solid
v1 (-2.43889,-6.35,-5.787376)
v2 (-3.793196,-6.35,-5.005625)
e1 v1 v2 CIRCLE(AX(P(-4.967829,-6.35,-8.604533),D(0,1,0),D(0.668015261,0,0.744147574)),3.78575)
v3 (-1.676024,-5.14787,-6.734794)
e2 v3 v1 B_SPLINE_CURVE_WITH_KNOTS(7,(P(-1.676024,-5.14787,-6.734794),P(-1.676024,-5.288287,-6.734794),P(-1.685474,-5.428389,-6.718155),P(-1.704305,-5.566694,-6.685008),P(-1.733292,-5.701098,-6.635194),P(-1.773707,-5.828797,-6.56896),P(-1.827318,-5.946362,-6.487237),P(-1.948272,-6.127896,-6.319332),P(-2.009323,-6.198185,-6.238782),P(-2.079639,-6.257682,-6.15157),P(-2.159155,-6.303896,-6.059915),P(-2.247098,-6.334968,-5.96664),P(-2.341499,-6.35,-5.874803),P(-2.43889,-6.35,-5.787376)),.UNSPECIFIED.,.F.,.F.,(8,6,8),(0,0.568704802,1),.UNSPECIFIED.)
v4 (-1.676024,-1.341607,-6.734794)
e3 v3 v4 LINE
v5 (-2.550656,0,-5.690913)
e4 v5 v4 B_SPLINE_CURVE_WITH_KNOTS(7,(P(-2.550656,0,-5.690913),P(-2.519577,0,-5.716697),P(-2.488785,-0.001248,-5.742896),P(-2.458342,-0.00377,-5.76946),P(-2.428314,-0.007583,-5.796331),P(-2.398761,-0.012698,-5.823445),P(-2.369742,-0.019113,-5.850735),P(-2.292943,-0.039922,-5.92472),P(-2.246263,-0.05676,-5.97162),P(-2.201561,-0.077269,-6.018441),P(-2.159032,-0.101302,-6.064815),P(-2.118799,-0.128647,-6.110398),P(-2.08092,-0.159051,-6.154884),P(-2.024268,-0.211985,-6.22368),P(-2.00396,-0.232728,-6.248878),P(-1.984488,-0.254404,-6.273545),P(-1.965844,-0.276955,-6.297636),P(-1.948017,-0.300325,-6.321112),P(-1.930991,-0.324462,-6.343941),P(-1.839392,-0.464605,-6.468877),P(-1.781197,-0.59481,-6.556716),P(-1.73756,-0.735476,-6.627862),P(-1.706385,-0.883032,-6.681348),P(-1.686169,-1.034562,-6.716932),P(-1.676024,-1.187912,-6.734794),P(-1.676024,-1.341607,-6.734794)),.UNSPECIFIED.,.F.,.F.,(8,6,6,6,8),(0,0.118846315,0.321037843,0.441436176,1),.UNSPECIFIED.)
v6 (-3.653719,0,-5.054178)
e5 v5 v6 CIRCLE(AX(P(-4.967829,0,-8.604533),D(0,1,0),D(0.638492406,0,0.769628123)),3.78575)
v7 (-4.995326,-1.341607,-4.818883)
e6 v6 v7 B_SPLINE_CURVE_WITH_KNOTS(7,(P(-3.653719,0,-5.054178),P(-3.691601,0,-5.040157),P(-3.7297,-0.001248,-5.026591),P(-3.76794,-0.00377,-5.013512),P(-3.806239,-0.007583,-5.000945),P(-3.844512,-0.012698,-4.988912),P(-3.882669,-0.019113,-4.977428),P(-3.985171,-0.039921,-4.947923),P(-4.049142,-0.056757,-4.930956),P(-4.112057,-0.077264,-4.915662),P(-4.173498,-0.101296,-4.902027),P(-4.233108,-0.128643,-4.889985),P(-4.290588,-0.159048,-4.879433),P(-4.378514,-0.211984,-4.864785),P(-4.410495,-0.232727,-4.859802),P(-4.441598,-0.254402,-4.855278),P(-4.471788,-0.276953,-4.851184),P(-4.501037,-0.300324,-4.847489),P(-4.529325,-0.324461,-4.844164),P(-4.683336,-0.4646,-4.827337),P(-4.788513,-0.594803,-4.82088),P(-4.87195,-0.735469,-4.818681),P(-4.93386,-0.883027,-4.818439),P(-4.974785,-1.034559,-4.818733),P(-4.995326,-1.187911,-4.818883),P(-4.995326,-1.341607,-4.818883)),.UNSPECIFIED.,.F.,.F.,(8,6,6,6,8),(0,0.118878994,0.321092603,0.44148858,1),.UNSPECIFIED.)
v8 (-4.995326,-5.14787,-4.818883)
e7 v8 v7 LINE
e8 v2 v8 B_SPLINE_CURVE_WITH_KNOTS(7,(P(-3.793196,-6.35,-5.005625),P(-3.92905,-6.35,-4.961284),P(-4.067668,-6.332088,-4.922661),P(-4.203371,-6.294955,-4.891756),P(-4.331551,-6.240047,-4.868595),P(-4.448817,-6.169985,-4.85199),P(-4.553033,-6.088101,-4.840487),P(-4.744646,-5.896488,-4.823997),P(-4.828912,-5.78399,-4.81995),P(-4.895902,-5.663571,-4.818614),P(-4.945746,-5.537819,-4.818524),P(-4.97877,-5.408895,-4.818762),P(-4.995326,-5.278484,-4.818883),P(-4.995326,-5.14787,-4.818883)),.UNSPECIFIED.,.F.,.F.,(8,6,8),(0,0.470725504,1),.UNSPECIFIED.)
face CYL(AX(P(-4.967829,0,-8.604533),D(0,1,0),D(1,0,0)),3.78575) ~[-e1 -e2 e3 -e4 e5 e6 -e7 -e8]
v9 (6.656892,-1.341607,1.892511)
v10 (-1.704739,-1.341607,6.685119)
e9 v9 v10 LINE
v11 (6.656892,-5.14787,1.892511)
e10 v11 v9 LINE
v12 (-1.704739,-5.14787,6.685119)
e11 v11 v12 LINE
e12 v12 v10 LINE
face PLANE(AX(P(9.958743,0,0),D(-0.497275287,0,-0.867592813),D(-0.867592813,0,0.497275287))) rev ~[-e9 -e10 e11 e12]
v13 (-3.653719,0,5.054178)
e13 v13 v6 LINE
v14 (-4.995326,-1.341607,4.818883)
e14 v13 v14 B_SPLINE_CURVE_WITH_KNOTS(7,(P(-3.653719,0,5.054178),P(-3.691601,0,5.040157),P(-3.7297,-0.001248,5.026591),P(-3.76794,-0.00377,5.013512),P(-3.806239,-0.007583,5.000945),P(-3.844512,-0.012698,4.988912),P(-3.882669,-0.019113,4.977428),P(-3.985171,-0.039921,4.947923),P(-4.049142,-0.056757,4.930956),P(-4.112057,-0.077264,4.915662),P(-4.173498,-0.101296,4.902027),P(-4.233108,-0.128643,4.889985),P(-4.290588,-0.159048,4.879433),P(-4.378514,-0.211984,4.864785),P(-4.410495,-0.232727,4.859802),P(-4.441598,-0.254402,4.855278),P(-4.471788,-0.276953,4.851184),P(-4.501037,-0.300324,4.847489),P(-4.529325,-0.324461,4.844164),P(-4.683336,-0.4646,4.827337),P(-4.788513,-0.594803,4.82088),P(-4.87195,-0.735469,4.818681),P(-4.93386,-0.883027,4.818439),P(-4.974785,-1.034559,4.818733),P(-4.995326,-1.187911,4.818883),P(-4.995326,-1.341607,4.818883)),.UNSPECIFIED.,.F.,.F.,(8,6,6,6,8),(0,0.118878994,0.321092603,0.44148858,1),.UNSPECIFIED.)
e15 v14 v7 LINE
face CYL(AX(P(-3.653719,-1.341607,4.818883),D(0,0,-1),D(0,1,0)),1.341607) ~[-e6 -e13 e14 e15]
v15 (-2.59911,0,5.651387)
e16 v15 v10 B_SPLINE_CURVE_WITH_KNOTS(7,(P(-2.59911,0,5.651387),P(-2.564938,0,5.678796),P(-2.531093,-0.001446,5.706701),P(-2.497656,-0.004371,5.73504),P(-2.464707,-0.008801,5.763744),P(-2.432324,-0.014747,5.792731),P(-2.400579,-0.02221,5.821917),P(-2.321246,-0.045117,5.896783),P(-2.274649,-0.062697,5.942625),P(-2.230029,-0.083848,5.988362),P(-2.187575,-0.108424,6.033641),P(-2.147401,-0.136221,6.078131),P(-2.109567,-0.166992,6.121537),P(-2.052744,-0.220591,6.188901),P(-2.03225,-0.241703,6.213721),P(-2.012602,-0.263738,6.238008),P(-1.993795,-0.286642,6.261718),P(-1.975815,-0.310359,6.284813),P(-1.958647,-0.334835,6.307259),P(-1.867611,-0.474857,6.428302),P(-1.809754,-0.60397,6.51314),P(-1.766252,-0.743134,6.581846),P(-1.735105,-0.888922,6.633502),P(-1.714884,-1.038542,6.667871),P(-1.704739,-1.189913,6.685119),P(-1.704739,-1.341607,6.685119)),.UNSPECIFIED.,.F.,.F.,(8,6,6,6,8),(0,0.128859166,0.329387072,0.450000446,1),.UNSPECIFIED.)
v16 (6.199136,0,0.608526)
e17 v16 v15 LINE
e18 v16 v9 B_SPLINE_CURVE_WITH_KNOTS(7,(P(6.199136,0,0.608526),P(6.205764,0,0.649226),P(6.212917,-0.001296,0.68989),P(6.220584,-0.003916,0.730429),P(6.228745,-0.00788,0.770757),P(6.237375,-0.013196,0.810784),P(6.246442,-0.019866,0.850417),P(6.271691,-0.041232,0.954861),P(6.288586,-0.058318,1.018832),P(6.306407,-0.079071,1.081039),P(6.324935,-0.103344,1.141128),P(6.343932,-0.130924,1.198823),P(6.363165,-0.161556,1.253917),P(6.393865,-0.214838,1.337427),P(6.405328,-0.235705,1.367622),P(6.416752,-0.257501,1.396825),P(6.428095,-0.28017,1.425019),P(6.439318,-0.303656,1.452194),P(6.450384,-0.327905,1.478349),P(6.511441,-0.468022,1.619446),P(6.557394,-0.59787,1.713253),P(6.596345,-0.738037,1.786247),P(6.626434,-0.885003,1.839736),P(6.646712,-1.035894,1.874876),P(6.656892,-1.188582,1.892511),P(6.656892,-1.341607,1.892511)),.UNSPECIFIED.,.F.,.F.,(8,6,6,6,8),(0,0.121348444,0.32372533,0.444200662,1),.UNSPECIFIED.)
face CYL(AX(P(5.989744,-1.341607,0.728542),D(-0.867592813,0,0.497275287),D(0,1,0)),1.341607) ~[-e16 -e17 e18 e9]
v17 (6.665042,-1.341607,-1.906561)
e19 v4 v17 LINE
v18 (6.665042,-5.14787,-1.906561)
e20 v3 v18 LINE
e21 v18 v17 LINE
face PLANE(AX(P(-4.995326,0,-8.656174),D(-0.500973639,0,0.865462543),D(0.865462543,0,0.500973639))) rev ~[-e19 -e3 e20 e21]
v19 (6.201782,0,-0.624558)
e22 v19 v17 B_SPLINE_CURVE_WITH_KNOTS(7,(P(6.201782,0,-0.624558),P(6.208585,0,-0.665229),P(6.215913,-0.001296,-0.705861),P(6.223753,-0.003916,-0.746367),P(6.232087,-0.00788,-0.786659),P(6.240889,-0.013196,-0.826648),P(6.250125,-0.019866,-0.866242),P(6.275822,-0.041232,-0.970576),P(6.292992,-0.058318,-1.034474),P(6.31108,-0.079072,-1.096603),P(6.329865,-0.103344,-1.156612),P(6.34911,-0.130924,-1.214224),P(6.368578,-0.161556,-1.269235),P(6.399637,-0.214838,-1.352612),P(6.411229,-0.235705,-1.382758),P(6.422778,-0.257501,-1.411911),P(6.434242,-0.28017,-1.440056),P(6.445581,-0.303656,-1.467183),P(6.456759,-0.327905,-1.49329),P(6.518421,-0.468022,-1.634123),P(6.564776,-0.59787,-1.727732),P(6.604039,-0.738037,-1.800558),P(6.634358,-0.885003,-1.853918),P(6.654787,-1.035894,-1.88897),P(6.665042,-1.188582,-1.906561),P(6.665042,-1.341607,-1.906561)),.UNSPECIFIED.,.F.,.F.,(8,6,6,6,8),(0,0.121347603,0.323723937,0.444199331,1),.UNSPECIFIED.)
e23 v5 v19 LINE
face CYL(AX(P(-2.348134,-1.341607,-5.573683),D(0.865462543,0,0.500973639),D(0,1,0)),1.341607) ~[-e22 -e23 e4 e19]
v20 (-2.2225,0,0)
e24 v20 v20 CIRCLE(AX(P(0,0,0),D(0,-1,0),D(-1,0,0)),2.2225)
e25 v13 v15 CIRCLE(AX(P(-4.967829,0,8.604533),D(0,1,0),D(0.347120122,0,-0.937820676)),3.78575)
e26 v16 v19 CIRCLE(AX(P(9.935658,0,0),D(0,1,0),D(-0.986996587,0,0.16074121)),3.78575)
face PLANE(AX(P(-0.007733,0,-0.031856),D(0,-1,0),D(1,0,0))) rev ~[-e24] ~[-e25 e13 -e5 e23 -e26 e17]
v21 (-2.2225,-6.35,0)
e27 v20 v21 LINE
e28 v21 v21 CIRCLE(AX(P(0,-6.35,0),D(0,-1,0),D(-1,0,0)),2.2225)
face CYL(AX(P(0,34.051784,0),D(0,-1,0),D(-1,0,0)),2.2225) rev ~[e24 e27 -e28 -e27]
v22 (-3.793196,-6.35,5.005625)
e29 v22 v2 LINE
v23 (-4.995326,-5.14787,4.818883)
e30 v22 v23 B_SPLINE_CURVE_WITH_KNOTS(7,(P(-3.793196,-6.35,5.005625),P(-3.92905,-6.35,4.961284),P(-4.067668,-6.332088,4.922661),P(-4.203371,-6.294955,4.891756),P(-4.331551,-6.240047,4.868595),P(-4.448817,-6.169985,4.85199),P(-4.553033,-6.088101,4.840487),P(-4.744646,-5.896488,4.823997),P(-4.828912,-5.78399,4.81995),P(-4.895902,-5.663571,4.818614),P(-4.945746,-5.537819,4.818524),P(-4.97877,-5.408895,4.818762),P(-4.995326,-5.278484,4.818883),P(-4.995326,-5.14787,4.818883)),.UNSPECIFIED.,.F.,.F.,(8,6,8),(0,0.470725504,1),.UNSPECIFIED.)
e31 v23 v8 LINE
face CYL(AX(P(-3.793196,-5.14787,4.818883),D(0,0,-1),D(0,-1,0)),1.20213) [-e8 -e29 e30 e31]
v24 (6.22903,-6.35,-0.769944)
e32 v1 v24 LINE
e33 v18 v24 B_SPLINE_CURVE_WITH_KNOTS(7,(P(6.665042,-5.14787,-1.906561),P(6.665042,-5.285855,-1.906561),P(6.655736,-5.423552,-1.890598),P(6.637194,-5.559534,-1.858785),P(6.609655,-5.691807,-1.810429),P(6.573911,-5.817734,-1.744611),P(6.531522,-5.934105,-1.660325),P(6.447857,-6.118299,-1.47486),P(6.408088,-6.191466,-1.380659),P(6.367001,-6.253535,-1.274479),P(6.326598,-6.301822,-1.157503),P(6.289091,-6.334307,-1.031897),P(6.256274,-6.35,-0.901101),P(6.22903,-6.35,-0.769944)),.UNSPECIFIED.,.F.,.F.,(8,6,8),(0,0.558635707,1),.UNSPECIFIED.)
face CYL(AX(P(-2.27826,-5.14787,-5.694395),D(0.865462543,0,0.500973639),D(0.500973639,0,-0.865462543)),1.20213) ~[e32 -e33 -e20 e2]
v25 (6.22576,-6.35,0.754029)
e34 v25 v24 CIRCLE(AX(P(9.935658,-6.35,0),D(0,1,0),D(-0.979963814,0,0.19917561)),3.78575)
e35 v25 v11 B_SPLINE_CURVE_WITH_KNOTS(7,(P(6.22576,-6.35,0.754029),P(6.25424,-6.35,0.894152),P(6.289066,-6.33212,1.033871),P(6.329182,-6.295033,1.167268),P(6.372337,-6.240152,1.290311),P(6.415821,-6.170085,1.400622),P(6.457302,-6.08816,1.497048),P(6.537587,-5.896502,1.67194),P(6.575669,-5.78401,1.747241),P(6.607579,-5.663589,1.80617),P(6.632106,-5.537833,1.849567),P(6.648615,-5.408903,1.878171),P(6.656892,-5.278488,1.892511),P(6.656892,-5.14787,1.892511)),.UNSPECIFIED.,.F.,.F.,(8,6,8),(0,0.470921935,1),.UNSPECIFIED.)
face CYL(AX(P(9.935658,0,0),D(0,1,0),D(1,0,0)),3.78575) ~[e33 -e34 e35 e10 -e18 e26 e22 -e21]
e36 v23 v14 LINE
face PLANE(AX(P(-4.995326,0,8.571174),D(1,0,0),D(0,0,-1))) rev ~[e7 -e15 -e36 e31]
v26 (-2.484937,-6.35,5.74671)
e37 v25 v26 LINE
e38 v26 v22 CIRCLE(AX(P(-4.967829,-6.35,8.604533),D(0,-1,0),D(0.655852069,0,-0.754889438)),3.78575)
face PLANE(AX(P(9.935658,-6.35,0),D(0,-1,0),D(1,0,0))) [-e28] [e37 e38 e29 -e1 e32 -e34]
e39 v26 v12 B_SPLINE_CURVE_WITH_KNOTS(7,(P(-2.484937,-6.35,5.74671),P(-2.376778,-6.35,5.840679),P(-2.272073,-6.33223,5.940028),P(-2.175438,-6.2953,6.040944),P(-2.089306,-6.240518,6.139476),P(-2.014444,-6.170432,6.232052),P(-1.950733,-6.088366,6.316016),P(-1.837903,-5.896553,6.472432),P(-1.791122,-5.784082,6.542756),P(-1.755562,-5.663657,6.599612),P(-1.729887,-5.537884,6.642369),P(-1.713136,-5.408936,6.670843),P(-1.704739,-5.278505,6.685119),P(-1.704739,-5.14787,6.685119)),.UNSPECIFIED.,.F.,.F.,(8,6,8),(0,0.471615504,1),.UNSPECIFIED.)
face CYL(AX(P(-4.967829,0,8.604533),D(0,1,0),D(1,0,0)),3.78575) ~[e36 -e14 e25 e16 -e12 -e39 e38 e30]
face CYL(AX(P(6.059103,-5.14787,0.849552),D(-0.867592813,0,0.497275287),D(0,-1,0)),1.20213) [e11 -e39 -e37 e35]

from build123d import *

# Parameters (mm, degrees)
F0_R     = 3.78575
F2_DEPTH = 6.35
F3_R     = 1.341607
F4_R     = 1.20213
F5_D     = 4.445


with BuildPart() as f2:
    # F0 (on Front) + F1 (on Front) → F2 (new body)
    with BuildSketch(Plane.XZ):
        with Locations((9.935658, 0)):
            Circle(F0_R)
        with Locations((-4.967829, 8.604533)):
            Circle(F0_R)
        with Locations((-4.967829, -8.604533)):
            Circle(F0_R)
    with BuildSketch(Plane.XZ):
        Polygon((9.958743, 0), (-4.995326, 8.571174), (-4.995326, -8.656174), align=None)
    extrude(amount=F2_DEPTH)

    # F3
    f3_edges = [f2.edges().sort_by_distance(p)[0] for p in [
        (2.476077, 0, 4.288815),
        (-4.995326, 0, 0),
        (2.494509, 0, -4.320677),
    ]]
    fillet(f3_edges, radius=F3_R)

    # F4
    f4_edges = [f2.edges().sort_by_distance(p)[0] for p in [
        (-4.995326, -6.35, 0),
        (2.476077, -6.35, 4.288815),
        (2.494509, -6.35, -4.320677),
    ]]
    fillet(f4_edges, radius=F4_R)

    # F5 (through all)
    with Locations(Plane(origin=(0, 0, 0), x_dir=(1, 0, 0), z_dir=(0, 1, 0))):
        with Locations((0, 0)):
            Hole(F5_D / 2)


solid = f2.part
